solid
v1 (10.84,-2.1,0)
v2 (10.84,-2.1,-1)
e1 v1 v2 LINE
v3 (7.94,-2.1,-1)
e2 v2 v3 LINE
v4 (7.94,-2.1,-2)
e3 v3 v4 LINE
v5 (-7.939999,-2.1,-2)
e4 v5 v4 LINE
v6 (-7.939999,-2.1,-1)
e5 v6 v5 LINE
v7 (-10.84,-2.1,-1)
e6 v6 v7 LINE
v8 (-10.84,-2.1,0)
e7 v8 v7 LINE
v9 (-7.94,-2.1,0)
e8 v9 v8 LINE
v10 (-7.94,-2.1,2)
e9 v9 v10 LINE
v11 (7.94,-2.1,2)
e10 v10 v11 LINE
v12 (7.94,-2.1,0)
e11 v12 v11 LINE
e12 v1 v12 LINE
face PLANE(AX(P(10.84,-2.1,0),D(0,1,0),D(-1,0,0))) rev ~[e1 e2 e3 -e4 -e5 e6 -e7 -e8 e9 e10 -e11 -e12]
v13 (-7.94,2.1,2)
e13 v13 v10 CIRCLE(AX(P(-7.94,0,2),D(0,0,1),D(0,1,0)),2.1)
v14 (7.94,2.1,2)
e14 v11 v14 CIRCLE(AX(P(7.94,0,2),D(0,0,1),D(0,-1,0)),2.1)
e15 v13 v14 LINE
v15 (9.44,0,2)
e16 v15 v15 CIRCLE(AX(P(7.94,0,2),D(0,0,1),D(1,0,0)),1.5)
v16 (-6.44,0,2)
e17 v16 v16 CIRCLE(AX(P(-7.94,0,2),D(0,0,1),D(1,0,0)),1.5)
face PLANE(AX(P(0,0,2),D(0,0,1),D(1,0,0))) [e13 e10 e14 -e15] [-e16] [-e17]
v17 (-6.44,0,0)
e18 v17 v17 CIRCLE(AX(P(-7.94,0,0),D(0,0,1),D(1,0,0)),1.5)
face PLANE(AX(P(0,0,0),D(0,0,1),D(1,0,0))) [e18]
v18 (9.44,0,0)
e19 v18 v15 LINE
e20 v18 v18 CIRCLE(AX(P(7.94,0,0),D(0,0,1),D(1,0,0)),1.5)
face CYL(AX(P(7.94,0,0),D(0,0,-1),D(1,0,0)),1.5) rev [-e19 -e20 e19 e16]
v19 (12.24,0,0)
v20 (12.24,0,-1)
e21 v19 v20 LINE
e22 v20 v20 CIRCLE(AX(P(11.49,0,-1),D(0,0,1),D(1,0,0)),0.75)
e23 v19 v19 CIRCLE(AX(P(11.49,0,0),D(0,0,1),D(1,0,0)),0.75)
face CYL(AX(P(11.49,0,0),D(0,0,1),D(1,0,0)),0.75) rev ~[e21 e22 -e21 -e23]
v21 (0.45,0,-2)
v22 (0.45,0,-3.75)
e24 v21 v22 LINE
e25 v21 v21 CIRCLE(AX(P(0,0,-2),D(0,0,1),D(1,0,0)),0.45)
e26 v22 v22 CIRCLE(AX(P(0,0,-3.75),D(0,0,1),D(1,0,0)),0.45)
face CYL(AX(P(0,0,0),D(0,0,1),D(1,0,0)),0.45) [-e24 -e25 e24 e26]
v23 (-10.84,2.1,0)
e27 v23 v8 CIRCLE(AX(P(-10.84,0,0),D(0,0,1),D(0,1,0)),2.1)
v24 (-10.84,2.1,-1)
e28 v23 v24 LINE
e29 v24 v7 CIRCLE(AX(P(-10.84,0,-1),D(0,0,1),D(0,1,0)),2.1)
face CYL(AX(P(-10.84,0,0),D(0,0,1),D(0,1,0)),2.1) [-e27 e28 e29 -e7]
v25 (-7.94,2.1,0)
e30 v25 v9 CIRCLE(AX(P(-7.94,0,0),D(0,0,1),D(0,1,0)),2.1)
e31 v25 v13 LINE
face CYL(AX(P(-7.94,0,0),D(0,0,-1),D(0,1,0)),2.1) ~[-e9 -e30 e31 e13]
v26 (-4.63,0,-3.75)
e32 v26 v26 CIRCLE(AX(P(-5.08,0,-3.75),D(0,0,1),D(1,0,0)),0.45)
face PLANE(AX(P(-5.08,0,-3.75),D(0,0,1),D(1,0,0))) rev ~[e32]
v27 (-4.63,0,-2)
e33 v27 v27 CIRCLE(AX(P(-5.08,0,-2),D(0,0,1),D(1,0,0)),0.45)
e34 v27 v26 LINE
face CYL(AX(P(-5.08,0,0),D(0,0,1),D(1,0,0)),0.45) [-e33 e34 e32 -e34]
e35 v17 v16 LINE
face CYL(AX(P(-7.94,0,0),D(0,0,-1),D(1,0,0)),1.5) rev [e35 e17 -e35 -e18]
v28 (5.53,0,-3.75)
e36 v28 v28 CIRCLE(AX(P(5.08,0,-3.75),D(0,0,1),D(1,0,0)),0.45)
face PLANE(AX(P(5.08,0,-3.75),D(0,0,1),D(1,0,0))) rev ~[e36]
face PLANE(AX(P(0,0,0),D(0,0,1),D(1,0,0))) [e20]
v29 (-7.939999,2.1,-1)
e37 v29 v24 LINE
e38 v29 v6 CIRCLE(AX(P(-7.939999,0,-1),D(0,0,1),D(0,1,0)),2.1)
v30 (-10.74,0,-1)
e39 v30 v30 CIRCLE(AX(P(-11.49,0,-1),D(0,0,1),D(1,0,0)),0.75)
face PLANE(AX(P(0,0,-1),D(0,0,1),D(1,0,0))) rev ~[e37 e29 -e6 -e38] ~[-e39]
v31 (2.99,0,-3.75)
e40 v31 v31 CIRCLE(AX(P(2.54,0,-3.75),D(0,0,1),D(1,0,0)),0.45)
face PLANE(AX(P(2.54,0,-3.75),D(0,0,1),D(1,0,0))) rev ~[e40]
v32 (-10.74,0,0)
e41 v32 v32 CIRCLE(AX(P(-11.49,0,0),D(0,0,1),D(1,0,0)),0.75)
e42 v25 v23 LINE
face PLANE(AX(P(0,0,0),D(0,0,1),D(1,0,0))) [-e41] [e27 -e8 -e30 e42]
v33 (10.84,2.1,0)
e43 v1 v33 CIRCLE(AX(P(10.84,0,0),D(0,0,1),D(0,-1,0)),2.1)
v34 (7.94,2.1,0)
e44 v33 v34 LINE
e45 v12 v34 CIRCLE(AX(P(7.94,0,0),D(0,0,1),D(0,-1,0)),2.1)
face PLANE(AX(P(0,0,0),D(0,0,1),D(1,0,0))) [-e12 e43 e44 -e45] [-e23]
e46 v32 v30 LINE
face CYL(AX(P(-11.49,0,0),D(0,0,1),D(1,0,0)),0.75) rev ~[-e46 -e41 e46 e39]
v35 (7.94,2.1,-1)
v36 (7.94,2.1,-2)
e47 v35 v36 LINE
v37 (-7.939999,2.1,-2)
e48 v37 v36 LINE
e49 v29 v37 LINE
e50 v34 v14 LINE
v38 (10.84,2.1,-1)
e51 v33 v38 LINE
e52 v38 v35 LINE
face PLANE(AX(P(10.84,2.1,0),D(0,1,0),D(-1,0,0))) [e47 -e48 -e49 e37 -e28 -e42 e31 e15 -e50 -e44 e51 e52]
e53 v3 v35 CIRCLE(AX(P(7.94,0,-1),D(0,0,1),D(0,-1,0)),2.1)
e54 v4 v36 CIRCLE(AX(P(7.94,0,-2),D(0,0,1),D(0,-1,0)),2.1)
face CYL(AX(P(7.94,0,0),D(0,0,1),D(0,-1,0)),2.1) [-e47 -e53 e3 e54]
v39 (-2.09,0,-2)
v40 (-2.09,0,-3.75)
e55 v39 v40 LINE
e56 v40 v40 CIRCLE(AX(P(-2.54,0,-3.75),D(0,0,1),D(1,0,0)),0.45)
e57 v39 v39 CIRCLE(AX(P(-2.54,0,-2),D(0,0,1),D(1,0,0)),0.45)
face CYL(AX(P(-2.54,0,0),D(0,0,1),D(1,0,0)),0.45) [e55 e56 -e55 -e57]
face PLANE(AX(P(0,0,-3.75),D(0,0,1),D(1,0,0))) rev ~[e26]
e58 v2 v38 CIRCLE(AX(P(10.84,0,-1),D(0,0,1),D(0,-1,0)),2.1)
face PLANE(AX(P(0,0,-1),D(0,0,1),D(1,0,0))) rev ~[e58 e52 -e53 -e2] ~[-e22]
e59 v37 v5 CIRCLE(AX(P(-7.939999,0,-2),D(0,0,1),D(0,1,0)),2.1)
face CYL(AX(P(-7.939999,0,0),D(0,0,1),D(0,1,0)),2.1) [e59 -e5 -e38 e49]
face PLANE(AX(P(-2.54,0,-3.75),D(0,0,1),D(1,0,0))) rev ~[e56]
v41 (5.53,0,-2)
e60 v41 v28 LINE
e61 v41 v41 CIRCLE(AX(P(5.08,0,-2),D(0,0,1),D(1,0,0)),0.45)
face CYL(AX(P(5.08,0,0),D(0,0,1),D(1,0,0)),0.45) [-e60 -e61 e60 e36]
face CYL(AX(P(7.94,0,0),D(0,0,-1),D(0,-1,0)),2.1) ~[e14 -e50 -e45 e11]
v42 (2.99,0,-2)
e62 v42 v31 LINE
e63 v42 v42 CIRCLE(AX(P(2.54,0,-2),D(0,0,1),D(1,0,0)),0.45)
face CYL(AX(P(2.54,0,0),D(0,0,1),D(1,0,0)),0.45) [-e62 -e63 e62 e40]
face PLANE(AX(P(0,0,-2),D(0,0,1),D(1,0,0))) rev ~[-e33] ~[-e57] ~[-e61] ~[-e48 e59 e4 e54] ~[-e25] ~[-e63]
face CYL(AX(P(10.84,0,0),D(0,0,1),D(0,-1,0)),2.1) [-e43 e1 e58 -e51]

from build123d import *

# Parameters (mm, degrees)
SKETCH_R     = 0.75
PAD_DEPTH    = 1
SKETCH001_R  = 1.5
PAD001_DEPTH = 2
PAD002_DEPTH = 2
SKETCH003_R  = 0.45
PAD003_DEPTH = 3.75


with BuildPart() as part:
    # Sketch → Pad (new body)
    with BuildSketch(Plane.XY):
        with BuildLine():
            ThreePointArc((10.84, -2.1), (12.94, 0), (10.84, 2.1))
            Line((10.84, 2.1), (-10.84, 2.1))
            ThreePointArc((-10.84, 2.1), (-12.94, 0), (-10.84, -2.1))
            Line((10.84, -2.1), (-10.84, -2.1))
        make_face()
        with Locations((-11.49, 0)):
            Circle(SKETCH_R, mode=Mode.SUBTRACT)
        with Locations((11.49, 0)):
            Circle(SKETCH_R, mode=Mode.SUBTRACT)
    extrude(amount=-PAD_DEPTH)

    # Sketch001 → Pad001 (join)
    with BuildSketch(Plane.XY):
        with BuildLine():
            ThreePointArc((-7.94, 2.1), (-10.04, 0), (-7.94, -2.1))
            Line((-7.94, -2.1), (7.94, -2.1))
            ThreePointArc((7.94, -2.1), (10.04, 0), (7.94, 2.1))
            Line((-7.94, 2.1), (7.94, 2.1))
        make_face()
        with Locations((-7.94, 0)):
            Circle(SKETCH001_R, mode=Mode.SUBTRACT)
        with Locations((7.94, 0)):
            Circle(SKETCH001_R, mode=Mode.SUBTRACT)
    extrude(amount=PAD001_DEPTH)

    # Sketch002 → Pad002 (join)
    with BuildSketch(Plane.XY):
        with BuildLine():
            ThreePointArc((-7.939999, 2.1), (-10.039999, 0), (-7.939999, -2.1))
            Line((-7.939999, -2.1), (7.94, -2.1))
            ThreePointArc((7.94, -2.1), (10.04, 0), (7.94, 2.1))
            Line((-7.939999, 2.1), (7.94, 2.1))
        make_face()
    extrude(amount=-PAD002_DEPTH)

    # Sketch003 → Pad003 (join)
    with BuildSketch(Plane.XY):
        with Locations((-5.08, 0)):
            Circle(SKETCH003_R)
        with Locations((-2.54, 0)):
            Circle(SKETCH003_R)
        Circle(SKETCH003_R)
        with Locations((2.54, 0)):
            Circle(SKETCH003_R)
        with Locations((5.08, 0)):
            Circle(SKETCH003_R)
    extrude(amount=-PAD003_DEPTH)


solid = part.part
